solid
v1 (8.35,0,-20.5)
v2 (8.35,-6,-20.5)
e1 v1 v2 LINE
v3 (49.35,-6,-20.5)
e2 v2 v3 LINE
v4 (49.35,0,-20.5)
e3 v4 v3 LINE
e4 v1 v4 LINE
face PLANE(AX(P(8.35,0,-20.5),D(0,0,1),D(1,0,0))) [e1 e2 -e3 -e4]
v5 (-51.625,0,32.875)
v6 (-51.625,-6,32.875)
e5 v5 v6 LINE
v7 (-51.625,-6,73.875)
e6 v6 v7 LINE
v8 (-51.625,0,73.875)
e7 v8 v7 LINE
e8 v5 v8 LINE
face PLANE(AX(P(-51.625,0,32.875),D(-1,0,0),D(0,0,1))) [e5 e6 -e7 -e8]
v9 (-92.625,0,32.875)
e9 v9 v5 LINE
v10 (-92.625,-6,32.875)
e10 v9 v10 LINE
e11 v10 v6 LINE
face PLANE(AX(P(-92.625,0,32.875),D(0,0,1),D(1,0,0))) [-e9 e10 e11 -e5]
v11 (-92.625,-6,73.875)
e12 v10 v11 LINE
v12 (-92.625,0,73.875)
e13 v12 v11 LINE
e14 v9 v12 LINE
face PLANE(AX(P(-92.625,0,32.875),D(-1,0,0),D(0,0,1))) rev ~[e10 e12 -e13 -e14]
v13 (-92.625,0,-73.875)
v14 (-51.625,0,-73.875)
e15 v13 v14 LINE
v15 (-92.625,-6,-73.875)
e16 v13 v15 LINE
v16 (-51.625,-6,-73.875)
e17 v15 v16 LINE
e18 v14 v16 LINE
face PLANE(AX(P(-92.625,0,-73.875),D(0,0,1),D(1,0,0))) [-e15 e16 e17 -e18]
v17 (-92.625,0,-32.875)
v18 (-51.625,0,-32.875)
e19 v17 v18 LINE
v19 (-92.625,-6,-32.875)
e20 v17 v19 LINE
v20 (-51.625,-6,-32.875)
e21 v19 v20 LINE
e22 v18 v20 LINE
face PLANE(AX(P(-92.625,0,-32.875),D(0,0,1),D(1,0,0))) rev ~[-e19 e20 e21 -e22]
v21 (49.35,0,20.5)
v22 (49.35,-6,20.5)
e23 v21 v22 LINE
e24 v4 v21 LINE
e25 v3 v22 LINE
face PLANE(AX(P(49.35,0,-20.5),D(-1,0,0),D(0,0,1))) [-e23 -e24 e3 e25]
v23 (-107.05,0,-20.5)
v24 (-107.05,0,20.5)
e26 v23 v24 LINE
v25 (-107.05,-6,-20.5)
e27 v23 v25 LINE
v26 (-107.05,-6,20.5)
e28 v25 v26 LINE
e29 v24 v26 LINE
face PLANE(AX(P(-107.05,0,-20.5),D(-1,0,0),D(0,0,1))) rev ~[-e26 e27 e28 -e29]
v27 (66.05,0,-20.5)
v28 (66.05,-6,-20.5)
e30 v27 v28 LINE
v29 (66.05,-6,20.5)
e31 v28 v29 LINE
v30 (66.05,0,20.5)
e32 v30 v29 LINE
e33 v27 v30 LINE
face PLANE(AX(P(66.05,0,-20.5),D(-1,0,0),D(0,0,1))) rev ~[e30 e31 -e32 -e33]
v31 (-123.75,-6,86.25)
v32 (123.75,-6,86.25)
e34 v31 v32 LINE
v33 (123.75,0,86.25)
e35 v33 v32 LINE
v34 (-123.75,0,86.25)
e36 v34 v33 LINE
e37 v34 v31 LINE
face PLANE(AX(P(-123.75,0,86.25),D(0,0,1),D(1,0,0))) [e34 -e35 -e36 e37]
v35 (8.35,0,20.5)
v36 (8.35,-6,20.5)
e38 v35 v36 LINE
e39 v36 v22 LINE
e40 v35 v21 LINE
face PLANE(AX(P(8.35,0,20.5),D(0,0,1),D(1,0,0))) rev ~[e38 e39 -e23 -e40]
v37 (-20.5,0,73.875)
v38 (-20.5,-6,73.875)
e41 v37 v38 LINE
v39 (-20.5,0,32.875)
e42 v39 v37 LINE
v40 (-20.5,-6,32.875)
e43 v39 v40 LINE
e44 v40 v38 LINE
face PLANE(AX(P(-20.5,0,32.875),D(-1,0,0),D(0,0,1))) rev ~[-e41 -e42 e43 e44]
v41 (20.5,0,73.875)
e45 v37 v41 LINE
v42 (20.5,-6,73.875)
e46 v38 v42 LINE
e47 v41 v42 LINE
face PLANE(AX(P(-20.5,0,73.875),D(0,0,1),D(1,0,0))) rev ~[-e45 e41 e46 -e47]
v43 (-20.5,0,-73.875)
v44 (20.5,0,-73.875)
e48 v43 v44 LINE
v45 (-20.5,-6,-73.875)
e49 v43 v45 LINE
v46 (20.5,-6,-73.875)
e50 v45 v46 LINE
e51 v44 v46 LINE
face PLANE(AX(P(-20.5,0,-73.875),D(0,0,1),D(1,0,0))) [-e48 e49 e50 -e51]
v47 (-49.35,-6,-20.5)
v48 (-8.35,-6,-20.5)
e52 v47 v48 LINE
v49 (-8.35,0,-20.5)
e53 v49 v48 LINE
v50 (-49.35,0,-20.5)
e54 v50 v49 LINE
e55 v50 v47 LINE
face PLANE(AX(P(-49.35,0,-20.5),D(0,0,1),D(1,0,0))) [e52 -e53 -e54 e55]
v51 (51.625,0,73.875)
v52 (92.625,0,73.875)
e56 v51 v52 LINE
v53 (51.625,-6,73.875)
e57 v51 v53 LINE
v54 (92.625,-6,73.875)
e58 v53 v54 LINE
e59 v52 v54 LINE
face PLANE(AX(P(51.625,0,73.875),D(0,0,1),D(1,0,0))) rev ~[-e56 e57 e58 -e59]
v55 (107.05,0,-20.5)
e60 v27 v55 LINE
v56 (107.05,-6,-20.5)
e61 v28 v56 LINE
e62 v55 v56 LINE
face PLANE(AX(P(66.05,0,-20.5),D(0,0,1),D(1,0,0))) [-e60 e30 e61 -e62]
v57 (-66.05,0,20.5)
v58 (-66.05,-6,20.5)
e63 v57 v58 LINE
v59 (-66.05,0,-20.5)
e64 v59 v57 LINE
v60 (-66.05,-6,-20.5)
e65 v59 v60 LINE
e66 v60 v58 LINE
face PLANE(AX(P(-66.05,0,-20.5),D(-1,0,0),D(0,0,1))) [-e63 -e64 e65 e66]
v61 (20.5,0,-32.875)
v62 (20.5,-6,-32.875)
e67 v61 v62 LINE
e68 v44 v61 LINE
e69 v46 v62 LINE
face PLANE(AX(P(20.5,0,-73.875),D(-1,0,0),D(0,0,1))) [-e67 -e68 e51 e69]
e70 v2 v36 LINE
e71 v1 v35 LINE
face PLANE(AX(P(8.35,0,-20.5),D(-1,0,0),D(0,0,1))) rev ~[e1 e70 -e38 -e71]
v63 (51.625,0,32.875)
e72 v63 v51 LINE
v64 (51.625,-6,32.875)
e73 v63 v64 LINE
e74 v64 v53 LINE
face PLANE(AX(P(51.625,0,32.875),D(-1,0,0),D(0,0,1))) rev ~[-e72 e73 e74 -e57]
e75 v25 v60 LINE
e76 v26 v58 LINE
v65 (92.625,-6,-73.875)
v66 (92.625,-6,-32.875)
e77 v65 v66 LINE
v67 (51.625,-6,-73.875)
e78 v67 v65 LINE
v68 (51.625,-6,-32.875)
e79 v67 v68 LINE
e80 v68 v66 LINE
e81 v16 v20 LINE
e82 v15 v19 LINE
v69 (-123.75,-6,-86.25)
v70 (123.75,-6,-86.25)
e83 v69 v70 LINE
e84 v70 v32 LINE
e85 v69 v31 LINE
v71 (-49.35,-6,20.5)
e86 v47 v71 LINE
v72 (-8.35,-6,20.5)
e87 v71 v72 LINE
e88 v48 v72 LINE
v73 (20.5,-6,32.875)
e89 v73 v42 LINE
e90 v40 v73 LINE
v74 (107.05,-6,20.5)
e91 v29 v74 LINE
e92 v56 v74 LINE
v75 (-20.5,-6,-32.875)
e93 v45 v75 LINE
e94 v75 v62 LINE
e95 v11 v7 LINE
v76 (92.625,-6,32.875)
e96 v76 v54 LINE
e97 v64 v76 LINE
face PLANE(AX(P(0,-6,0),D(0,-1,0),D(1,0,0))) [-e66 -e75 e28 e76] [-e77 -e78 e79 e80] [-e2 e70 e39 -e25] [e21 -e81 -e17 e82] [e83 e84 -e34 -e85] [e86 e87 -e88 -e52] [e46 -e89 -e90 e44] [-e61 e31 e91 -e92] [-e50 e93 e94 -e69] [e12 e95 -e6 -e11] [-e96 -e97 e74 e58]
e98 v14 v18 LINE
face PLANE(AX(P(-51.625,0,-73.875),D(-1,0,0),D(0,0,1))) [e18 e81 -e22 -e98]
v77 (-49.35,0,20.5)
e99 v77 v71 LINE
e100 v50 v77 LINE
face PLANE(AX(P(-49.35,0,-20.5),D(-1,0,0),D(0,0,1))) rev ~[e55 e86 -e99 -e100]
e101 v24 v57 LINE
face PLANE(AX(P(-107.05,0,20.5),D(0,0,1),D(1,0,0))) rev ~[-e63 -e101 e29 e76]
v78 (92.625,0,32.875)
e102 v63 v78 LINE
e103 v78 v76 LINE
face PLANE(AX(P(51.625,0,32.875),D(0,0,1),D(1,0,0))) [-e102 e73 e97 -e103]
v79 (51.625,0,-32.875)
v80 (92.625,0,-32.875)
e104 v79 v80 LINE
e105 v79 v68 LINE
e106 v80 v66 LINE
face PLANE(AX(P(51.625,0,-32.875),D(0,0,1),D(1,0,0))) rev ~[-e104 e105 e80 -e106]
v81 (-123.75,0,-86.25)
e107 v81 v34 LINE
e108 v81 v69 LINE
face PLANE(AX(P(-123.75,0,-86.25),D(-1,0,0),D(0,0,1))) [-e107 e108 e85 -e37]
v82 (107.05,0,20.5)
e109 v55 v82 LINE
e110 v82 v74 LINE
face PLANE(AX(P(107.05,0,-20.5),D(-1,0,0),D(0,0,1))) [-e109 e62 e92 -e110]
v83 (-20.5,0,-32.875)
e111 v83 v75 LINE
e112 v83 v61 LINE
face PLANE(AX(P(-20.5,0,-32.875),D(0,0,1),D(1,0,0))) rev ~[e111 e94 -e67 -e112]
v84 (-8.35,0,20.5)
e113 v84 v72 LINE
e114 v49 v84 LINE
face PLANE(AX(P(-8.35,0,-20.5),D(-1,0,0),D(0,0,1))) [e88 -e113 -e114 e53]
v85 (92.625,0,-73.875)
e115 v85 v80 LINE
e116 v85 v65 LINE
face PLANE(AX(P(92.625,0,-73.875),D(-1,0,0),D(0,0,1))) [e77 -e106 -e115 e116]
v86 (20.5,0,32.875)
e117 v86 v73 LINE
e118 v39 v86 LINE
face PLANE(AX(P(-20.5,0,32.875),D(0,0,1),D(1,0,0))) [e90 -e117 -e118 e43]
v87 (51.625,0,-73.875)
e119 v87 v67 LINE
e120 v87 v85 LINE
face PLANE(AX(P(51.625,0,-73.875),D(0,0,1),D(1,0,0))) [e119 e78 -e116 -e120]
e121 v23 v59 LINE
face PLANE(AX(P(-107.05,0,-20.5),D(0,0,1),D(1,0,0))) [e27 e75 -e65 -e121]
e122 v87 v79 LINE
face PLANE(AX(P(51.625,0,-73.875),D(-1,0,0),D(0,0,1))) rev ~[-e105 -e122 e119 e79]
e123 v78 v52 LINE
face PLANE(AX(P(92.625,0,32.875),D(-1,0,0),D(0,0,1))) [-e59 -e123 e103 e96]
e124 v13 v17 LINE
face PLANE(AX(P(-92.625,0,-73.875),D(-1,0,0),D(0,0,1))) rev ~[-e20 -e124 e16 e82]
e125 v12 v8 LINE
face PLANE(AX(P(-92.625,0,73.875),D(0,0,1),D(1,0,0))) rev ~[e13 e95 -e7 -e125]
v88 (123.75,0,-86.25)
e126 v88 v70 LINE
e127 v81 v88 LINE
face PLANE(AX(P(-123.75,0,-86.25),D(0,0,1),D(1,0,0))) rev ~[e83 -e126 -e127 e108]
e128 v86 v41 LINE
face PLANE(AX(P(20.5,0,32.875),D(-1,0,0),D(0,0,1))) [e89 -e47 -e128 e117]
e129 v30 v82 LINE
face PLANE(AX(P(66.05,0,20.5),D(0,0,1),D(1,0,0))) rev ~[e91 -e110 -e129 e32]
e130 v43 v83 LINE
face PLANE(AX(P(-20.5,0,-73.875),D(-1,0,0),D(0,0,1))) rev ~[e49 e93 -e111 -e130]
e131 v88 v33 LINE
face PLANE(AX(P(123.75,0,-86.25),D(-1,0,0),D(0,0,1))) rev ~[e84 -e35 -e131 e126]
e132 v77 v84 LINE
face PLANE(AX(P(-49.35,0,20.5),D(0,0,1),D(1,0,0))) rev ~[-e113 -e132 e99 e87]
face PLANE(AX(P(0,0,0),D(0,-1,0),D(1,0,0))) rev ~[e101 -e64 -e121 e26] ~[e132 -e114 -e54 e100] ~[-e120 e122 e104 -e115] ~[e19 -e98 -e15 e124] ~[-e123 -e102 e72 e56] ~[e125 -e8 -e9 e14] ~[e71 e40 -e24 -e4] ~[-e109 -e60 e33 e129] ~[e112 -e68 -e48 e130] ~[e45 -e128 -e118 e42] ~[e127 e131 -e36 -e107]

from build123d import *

# Parameters (mm, degrees)
F0_W     = 247.5
F0_H     = 172.5
F0_W_2   = 41
F0_H_2   = 41
F1_DEPTH = 6


with BuildPart() as f1:
    # F0 (on Front) → F1 (new body)
    with BuildSketch(Plane.XZ):
        Rectangle(F0_W, F0_H)
        with Locations((-72.125, -53.375)):
            Rectangle(F0_W_2, F0_H_2, mode=Mode.SUBTRACT)
        with Locations((0, -53.375)):
            Rectangle(F0_W_2, F0_H_2, mode=Mode.SUBTRACT)
        with Locations((72.125, -53.375)):
            Rectangle(F0_W_2, F0_H_2, mode=Mode.SUBTRACT)
        with Locations((-86.55, 0)):
            Rectangle(F0_W_2, F0_H_2, mode=Mode.SUBTRACT)
        with Locations((-28.85, 0)):
            Rectangle(F0_W_2, F0_H_2, mode=Mode.SUBTRACT)
        with Locations((-72.125, 53.375)):
            Rectangle(F0_W_2, F0_H_2, mode=Mode.SUBTRACT)
        with Locations((28.85, 0)):
            Rectangle(F0_W_2, F0_H_2, mode=Mode.SUBTRACT)
        with Locations((86.55, 0)):
            Rectangle(F0_W_2, F0_H_2, mode=Mode.SUBTRACT)
        with Locations((0, 53.375)):
            Rectangle(F0_W_2, F0_H_2, mode=Mode.SUBTRACT)
        with Locations((72.125, 53.375)):
            Rectangle(F0_W_2, F0_H_2, mode=Mode.SUBTRACT)
    extrude(amount=F1_DEPTH)


solid = f1.part
